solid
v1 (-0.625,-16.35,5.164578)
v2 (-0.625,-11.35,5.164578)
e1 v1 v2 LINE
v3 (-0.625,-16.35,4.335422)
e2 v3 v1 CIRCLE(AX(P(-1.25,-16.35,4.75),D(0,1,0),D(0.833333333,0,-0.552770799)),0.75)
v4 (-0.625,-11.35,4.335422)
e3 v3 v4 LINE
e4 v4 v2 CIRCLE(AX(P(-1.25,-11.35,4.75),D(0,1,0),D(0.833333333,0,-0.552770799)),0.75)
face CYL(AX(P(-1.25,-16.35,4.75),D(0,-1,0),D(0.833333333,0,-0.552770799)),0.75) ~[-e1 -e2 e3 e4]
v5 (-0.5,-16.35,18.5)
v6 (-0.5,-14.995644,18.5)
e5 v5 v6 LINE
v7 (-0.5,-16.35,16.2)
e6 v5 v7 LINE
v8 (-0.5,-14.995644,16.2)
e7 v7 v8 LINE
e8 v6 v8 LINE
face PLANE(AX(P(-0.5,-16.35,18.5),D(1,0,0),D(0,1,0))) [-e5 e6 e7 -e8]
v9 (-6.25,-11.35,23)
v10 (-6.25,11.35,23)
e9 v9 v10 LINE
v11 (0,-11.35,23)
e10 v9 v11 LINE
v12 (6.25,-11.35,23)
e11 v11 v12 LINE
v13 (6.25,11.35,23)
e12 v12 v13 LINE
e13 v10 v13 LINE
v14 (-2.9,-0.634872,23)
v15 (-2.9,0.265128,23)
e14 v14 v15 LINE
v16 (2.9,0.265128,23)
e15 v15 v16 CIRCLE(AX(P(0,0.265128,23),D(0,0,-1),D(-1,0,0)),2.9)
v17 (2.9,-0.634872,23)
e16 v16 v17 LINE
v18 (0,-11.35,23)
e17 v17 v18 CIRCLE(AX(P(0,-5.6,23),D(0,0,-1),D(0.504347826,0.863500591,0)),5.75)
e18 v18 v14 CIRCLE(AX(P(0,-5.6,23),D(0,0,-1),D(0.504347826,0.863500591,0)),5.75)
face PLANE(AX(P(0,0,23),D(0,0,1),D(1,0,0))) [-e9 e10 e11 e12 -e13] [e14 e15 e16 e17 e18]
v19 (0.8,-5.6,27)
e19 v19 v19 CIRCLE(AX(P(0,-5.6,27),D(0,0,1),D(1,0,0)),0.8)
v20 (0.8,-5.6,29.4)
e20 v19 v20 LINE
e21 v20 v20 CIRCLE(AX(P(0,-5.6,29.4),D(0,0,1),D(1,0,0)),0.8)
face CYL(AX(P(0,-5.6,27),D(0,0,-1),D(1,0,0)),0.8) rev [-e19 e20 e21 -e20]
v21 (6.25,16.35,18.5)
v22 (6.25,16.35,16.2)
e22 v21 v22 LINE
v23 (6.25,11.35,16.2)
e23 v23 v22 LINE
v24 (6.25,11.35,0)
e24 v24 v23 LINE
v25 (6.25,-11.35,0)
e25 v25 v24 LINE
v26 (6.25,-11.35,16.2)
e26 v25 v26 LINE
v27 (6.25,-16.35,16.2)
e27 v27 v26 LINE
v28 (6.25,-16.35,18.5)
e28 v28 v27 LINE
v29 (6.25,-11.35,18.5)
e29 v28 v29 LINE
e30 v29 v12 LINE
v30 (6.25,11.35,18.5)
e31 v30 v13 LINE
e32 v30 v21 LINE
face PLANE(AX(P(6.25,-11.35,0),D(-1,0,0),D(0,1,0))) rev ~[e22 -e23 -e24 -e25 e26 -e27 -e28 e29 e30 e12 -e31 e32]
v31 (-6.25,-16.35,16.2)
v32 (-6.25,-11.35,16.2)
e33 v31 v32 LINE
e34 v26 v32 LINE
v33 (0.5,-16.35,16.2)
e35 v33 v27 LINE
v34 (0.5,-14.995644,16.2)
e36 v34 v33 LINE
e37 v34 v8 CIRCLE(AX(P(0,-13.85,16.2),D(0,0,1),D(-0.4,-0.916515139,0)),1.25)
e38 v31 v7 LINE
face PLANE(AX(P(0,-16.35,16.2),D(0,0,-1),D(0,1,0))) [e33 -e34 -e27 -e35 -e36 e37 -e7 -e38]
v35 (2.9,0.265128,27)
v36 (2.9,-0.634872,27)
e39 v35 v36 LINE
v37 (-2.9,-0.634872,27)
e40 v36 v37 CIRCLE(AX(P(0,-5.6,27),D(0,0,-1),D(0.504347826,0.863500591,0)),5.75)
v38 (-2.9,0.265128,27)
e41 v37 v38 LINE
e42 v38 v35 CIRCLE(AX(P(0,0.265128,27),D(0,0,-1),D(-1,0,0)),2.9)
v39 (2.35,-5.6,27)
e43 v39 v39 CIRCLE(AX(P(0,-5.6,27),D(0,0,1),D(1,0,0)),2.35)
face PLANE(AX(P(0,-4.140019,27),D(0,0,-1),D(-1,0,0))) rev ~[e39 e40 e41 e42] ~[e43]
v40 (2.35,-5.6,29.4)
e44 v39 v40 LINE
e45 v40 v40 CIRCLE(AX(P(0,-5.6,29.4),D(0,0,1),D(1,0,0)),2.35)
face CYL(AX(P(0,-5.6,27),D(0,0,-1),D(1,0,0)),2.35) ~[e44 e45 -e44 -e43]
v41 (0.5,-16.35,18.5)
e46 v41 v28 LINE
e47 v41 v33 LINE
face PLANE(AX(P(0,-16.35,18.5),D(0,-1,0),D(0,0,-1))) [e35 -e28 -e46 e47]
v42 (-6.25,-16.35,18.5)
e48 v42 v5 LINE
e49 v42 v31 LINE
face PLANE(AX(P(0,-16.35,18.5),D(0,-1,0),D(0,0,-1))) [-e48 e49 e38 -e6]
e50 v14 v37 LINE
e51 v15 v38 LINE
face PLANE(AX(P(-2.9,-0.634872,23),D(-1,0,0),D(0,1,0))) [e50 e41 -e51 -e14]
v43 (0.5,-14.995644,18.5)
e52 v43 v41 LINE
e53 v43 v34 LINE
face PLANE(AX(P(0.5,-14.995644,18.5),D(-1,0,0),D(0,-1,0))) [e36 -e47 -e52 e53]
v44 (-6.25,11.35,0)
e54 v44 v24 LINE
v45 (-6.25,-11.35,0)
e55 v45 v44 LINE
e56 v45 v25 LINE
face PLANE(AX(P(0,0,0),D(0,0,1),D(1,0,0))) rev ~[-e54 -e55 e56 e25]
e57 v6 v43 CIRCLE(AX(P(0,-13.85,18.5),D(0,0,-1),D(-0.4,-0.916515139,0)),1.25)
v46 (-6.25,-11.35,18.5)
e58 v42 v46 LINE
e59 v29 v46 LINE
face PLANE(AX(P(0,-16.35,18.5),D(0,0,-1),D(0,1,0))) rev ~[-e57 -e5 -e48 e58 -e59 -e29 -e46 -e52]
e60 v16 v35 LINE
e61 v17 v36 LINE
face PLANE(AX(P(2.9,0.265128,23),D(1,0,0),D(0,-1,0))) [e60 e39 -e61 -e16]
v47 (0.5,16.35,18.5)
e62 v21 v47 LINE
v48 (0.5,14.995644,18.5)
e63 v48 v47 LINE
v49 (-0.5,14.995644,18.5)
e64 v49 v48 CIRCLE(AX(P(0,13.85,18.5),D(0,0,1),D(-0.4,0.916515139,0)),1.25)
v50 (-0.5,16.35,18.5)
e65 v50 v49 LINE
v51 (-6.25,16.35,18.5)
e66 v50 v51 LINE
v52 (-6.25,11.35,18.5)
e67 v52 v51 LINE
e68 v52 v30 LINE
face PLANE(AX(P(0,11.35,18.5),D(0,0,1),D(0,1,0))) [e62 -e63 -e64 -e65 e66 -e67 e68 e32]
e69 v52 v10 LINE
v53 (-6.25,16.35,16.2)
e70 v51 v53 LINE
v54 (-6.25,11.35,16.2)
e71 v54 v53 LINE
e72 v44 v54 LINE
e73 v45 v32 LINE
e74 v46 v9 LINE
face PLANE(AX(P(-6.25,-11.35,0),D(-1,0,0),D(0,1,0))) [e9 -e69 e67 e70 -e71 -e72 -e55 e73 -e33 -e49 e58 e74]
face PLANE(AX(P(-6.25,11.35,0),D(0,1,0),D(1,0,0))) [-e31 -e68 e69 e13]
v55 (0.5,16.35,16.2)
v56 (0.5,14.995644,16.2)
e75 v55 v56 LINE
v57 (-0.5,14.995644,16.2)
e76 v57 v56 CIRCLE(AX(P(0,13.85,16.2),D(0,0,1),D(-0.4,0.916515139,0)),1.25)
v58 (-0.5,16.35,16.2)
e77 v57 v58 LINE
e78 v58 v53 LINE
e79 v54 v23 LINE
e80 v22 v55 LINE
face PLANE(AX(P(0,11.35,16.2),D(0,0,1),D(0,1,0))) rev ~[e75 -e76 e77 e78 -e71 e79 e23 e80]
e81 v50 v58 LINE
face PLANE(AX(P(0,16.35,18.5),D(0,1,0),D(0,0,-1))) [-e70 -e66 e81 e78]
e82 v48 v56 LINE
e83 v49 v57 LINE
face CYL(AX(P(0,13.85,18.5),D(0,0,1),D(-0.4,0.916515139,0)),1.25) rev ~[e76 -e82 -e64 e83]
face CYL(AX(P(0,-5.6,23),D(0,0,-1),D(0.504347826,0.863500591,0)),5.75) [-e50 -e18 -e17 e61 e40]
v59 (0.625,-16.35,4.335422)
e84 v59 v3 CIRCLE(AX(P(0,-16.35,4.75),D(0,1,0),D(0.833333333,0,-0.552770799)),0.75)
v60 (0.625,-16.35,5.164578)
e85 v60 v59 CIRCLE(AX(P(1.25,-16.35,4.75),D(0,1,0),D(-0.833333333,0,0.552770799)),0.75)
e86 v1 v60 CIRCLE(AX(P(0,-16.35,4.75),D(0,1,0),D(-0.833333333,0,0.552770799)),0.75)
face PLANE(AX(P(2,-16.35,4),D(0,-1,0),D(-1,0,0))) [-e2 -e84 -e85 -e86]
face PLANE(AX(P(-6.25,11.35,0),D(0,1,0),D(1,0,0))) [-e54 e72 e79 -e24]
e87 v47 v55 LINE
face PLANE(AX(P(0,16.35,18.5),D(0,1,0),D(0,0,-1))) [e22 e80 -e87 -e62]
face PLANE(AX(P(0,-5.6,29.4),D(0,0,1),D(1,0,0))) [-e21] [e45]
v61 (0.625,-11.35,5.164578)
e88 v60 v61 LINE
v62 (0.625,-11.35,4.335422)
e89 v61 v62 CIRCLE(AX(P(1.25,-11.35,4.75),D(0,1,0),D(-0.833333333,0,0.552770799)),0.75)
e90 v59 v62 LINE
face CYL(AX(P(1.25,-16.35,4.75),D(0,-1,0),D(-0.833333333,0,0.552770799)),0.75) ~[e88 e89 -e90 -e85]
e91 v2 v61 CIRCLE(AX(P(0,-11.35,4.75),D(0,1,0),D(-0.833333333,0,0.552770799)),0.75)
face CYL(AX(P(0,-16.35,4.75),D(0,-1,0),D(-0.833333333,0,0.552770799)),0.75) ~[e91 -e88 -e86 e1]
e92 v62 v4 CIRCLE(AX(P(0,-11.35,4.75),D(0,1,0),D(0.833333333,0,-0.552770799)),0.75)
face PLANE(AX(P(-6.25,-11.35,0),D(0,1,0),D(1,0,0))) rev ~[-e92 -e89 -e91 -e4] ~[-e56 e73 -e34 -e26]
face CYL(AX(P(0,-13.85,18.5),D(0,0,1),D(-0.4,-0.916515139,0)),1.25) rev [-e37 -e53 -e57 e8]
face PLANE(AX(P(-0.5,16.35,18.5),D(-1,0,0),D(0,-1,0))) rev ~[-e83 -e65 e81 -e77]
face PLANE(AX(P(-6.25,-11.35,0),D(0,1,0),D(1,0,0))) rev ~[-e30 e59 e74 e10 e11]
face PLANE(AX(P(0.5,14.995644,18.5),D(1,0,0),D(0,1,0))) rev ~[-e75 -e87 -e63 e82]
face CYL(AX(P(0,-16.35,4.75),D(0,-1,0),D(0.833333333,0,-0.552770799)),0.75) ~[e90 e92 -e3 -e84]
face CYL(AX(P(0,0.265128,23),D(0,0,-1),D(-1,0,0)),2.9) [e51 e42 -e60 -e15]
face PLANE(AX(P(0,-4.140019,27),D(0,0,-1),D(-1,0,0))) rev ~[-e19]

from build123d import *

# Parameters (mm, degrees)
SKETCH1_W           = 12.5
SKETCH1_H           = 22.7
BOSS_EXTRUDE1_DEPTH = 23
BOSS_EXTRUDE2_DEPTH = 4
SKETCH3_W           = 2.3
SKETCH3_H           = 5
BOSS_EXTRUDE3_DEPTH = 6.25
CUT_EXTRUDE1_REACH  = 20.5
BOSS_EXTRUDE4_START = -4
SKETCH5_W           = 4
SKETCH5_H           = 5
BOSS_EXTRUDE4_DEPTH = 1.5
SKETCH6_R           = 2.35
SKETCH6_R_2         = 0.8
BOSS_EXTRUDE5_DEPTH = 2.4
SKETCH7_W           = 4.514706964
SKETCH7_H           = 2.103718672
CUT_EXTRUDE2_DEPTH  = 5


with BuildPart() as part:
    # Sketch1 → Boss-Extrude1 (new body)
    with BuildSketch(Plane.XY):
        Rectangle(SKETCH1_W, SKETCH1_H)
    extrude(amount=BOSS_EXTRUDE1_DEPTH)

    # Sketch2 → Boss-Extrude2 (add)
    with BuildSketch(Plane.XY.offset(23)):
        with BuildLine():
            Line((2.9, 0.265128397), (2.9, -0.634871603))
            ThreePointArc((2.9, -0.634871603), (0, -11.35), (-2.9, -0.634871603))
            Line((-2.9, -0.634871603), (-2.9, 0.265128397))
            ThreePointArc((-2.9, 0.265128397), (0, 3.165128397), (2.9, 0.265128397))
        make_face()
    extrude(amount=BOSS_EXTRUDE2_DEPTH)

    # Sketch3 → Boss-Extrude3 (add, symmetric)
    with BuildSketch(Plane(origin=(0, 0, 0), x_dir=(0, 0, -1), z_dir=(1, 0, 0))):
        with Locations((-17.35, 13.85)):
            Rectangle(SKETCH3_W, SKETCH3_H)
        with Locations((-17.35, -13.85)):
            Rectangle(SKETCH3_W, SKETCH3_H)
    extrude(amount=BOSS_EXTRUDE3_DEPTH, both=True)

    # Sketch4 → Cut-Extrude1 (cut, up to next)
    with BuildSketch(Plane.XY.offset(18.5), mode=Mode.PRIVATE) as cut_extrude1_sk1:
        with BuildLine():
            Line((0.5, 16.35), (-0.5, 16.35))
            Line((-0.5, 16.35), (-0.5, 14.995643924))
            ThreePointArc((-0.5, 14.995643924), (0, 12.6), (0.5, 14.995643924))
            Line((0.5, 14.995643924), (0.5, 16.35))
        make_face()
    cut_extrude1_tool1 = extrude(cut_extrude1_sk1.sketch, amount=-CUT_EXTRUDE1_REACH, mode=Mode.PRIVATE) & part.part
    add(cut_extrude1_tool1.solids().sort_by_distance((0, 14.235184, 18.5))[0], mode=Mode.SUBTRACT)
    # Sketch4 → Cut-Extrude1 (cut, up to next)
    with BuildSketch(Plane.XY.offset(18.5), mode=Mode.PRIVATE) as cut_extrude1_sk2:
        with BuildLine():
            Line((-0.5, -16.35), (-0.5, -14.995643924))
            ThreePointArc((-0.5, -14.995643924), (0, -12.6), (0.5, -14.995643924))
            Line((0.5, -14.995643924), (0.5, -16.35))
            Line((0.5, -16.35), (-0.5, -16.35))
        make_face()
    cut_extrude1_tool2 = extrude(cut_extrude1_sk2.sketch, amount=-CUT_EXTRUDE1_REACH, mode=Mode.PRIVATE) & part.part
    add(cut_extrude1_tool2.solids().sort_by_distance((0, -14.235184, 18.5))[0], mode=Mode.SUBTRACT)

    # Sketch5 → Boss-Extrude4 (add)
    with BuildSketch(Plane(origin=(0, 0, 0), x_dir=(-1, 0, 0), z_dir=(0, 0, -1)).offset(BOSS_EXTRUDE4_START)):
        with Locations((0, -13.85)):
            Rectangle(SKETCH5_W, SKETCH5_H)
    extrude(amount=-BOSS_EXTRUDE4_DEPTH)

    # Sketch6 → Boss-Extrude5 (add)
    with BuildSketch(Plane.XY.offset(27)):
        with Locations((0, -5.6)):
            Circle(SKETCH6_R)
        with Locations((0, -5.6)):
            Circle(SKETCH6_R_2, mode=Mode.SUBTRACT)
    extrude(amount=BOSS_EXTRUDE5_DEPTH)

    # Sketch7 → Cut-Extrude2 (cut)
    with BuildSketch(Plane.XZ.offset(16.35)):
        with Locations((0, 4.75)):
            Rectangle(SKETCH7_W, SKETCH7_H)
        with BuildLine():
            ThreePointArc((-0.625, 4.335421901), (-2, 4.75), (-0.625, 5.164578099))
            ThreePointArc((-0.625, 5.164578099), (0, 5.5), (0.625, 5.164578099))
            ThreePointArc((0.625, 5.164578099), (2, 4.75), (0.625, 4.335421901))
            ThreePointArc((0.625, 4.335421901), (0, 4), (-0.625, 4.335421901))
        make_face(mode=Mode.SUBTRACT)
    extrude(amount=-CUT_EXTRUDE2_DEPTH, mode=Mode.SUBTRACT)


solid = part.part
